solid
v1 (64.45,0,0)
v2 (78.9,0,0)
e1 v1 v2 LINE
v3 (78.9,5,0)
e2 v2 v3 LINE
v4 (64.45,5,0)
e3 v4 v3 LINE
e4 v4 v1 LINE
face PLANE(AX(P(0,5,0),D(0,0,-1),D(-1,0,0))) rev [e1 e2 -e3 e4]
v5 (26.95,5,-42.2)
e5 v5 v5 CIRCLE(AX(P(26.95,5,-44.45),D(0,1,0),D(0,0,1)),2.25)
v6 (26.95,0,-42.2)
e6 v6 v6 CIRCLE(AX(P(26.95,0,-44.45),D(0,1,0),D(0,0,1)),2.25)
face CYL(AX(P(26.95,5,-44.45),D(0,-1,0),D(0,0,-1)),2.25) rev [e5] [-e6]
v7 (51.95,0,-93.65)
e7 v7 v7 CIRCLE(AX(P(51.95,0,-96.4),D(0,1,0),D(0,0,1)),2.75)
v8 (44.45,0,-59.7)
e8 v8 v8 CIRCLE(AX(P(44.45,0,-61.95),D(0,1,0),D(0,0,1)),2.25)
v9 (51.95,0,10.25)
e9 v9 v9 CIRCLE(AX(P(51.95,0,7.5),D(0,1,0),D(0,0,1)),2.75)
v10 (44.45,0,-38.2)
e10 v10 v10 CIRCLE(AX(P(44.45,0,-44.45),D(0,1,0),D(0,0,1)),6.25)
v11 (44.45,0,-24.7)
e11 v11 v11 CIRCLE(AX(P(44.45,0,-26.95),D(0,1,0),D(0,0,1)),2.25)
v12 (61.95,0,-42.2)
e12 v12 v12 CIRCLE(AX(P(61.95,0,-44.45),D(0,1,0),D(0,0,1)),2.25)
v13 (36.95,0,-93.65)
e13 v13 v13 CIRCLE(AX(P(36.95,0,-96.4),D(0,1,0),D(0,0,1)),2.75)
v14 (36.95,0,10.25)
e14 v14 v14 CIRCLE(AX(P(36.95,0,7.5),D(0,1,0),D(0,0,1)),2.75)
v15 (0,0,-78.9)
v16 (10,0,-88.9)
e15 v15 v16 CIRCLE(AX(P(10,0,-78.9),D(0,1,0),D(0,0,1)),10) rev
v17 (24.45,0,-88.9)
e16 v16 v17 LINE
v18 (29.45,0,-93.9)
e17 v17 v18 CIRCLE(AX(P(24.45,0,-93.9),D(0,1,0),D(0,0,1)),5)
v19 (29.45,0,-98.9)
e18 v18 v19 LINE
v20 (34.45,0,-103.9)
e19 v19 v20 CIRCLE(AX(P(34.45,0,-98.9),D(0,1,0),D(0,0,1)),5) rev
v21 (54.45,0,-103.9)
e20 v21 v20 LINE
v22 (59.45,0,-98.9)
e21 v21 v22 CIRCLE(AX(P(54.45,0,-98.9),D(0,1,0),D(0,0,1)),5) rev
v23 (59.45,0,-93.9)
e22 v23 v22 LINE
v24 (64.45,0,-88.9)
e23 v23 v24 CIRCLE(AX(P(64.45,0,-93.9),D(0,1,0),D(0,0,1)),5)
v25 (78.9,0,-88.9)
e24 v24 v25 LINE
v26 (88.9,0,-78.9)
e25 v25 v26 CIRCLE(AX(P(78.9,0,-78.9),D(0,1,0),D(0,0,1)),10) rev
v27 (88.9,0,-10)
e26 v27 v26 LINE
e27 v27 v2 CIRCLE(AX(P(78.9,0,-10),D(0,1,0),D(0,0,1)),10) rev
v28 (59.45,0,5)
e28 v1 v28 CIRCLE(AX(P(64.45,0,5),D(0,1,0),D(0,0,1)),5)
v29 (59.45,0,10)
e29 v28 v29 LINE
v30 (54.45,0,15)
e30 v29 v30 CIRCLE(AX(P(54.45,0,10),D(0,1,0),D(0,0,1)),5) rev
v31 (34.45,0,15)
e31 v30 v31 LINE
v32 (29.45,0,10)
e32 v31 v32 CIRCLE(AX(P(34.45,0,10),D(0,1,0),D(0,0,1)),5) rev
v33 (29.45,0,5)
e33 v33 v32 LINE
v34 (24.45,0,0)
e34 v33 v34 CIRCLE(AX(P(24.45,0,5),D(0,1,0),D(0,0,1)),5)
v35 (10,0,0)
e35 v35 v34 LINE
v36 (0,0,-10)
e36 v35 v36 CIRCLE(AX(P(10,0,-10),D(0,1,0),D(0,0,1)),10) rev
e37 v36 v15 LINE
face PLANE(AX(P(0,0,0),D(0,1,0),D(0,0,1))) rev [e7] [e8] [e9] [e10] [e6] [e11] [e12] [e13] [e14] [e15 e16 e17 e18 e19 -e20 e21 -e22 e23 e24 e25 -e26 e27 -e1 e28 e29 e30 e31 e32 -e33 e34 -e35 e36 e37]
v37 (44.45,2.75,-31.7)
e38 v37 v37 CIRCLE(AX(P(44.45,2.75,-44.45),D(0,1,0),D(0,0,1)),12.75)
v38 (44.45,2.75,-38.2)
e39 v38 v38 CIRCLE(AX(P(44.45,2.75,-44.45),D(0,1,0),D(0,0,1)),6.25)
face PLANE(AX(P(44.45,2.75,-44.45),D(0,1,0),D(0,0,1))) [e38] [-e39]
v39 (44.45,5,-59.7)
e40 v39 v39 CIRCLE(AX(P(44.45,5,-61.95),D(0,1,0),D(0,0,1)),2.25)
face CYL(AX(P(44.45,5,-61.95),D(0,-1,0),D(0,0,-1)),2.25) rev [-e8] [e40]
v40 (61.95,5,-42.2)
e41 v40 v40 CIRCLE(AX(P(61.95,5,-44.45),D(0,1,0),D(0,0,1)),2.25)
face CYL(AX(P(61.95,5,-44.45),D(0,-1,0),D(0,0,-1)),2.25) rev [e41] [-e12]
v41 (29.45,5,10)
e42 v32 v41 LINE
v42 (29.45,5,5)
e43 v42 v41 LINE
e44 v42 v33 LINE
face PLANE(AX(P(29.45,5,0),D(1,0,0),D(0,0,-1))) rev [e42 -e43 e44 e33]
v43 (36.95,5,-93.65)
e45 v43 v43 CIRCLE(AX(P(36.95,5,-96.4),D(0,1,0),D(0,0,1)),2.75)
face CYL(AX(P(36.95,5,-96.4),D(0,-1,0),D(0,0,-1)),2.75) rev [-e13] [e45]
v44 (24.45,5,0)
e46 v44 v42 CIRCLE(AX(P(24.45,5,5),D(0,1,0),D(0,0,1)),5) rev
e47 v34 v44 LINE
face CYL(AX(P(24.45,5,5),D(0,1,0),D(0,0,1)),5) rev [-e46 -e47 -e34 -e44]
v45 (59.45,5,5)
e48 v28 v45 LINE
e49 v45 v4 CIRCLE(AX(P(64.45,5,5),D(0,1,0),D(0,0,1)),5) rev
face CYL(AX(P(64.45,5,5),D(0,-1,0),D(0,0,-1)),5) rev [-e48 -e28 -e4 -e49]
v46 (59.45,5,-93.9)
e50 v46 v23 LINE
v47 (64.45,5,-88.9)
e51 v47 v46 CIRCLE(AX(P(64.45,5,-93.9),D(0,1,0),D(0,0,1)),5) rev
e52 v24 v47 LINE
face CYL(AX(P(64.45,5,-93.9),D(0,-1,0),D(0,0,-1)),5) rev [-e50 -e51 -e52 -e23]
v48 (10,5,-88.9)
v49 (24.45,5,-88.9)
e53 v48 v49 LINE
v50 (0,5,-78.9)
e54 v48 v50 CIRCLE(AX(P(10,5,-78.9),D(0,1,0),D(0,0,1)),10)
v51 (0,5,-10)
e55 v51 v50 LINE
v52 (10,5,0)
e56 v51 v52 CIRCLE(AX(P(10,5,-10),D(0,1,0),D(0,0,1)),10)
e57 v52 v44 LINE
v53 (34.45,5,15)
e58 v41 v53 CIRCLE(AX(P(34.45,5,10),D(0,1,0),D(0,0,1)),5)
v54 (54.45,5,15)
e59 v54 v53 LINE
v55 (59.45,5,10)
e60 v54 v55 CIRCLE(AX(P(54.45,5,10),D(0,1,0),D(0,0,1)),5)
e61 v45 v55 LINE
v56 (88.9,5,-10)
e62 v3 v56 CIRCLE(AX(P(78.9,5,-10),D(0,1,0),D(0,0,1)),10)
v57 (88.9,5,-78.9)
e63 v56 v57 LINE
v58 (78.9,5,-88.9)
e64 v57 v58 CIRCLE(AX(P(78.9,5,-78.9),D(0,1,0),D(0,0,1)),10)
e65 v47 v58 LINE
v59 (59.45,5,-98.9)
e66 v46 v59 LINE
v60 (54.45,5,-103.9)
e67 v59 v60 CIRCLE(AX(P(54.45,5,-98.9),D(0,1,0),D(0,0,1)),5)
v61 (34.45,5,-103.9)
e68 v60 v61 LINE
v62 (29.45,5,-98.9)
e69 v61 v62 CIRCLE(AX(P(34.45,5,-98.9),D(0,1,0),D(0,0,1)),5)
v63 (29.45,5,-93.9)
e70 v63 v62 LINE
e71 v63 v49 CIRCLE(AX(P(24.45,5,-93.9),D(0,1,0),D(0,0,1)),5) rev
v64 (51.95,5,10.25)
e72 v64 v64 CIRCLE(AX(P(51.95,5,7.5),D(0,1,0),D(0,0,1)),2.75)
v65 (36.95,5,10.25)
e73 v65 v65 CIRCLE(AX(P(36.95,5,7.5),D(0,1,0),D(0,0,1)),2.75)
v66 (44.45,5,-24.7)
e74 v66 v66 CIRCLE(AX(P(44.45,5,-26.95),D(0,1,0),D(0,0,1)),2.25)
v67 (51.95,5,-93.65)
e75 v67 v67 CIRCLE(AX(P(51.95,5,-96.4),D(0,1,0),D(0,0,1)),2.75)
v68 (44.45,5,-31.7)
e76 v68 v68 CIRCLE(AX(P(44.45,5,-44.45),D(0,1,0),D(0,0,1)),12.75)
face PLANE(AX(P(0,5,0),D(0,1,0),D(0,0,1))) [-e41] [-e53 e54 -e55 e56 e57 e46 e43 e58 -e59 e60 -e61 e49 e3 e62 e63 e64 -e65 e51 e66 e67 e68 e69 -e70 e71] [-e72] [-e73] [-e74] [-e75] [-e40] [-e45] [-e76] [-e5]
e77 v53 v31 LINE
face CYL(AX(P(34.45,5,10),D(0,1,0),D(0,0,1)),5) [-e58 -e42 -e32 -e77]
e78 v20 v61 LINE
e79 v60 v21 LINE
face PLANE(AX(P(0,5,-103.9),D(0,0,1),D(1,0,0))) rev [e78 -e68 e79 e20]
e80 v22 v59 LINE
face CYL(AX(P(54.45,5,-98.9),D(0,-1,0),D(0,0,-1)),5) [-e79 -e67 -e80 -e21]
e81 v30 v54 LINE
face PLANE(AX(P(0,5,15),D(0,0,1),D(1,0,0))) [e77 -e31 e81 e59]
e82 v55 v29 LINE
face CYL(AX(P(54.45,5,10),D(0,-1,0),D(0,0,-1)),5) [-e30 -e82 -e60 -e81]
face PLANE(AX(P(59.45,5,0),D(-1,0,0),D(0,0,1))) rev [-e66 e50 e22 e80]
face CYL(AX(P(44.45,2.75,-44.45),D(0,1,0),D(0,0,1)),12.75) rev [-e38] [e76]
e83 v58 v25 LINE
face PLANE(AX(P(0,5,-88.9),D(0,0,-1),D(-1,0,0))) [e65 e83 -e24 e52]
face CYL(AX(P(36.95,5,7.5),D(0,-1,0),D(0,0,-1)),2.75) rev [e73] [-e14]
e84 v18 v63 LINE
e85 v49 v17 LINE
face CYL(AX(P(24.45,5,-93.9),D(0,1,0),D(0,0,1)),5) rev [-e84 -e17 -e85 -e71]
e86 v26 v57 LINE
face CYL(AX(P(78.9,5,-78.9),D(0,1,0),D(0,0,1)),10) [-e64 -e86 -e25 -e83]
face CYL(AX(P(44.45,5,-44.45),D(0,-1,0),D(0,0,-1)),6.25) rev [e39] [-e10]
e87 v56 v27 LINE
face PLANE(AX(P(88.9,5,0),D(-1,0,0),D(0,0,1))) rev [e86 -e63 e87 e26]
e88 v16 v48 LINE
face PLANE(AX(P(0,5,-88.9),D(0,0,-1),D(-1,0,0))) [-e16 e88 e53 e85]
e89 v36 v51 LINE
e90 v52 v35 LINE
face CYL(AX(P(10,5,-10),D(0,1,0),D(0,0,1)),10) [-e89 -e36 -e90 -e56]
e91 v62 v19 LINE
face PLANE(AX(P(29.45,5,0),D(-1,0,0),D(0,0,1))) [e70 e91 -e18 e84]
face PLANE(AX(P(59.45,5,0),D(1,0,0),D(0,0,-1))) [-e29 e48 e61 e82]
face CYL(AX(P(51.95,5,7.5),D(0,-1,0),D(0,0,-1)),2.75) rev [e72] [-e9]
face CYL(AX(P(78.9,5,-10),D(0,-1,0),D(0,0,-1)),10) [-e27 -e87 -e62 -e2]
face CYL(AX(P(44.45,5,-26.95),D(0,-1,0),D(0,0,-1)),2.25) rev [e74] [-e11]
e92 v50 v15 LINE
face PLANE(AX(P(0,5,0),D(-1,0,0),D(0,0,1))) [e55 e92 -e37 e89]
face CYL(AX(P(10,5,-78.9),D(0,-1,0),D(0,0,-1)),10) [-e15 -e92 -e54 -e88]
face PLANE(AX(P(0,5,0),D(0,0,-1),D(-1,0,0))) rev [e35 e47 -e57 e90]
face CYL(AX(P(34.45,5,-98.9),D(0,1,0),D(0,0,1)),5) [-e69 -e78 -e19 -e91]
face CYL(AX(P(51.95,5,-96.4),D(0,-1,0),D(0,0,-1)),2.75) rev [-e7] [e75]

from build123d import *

# Parameters (mm, degrees)
SKETCH1_R           = 2.25
SKETCH1_R_2         = 2.75
SKETCH1_R_3         = 6.25
BOSS_EXTRUDE1_DEPTH = 5
FILLET1_R           = 10
FILLET2_R           = 5
SKETCH2_R           = 12.75
CUT_EXTRUDE1_DEPTH  = 2.25


with BuildPart() as part:
    # Sketch1 → Boss-Extrude1 (new body)
    with BuildSketch(Plane(origin=(0, 0, 0), x_dir=(1, 0, 0), z_dir=(0, 1, 0))):
        Polygon((0, 88.9), (0, 0), (29.45, 0), (29.45, -15), (59.45, -15), (59.45, 0), (88.9, 0), (88.9, 88.9), (59.45, 88.9), (59.45, 103.9), (29.45, 103.9), (29.45, 88.9), align=None)
        with Locations(Location((61.95, 44.45, 0), (0, 0, 270))):
            Circle(SKETCH1_R, mode=Mode.SUBTRACT)
        with Locations(Location((44.45, 26.95, 0), (0, 0, 270))):
            Circle(SKETCH1_R, mode=Mode.SUBTRACT)
        with Locations(Location((26.95, 44.45, 0), (0, 0, 270))):
            Circle(SKETCH1_R, mode=Mode.SUBTRACT)
        with Locations(Location((44.45, 61.95, 0), (0, 0, 270))):
            Circle(SKETCH1_R, mode=Mode.SUBTRACT)
        with Locations(Location((36.95, -7.5, 0), (0, 0, 270))):
            Circle(SKETCH1_R_2, mode=Mode.SUBTRACT)
        with Locations(Location((51.95, -7.5, 0), (0, 0, 270))):
            Circle(SKETCH1_R_2, mode=Mode.SUBTRACT)
        with Locations(Location((36.95, 96.4, 0), (0, 0, 270))):
            Circle(SKETCH1_R_2, mode=Mode.SUBTRACT)
        with Locations(Location((51.95, 96.4, 0), (0, 0, 270))):
            Circle(SKETCH1_R_2, mode=Mode.SUBTRACT)
        with Locations(Location((44.45, 44.45, 0), (0, 0, 270))):
            Circle(SKETCH1_R_3, mode=Mode.SUBTRACT)
    extrude(amount=BOSS_EXTRUDE1_DEPTH)

    # Fillet1
    fillet1_edges = [part.edges().sort_by_distance(p)[0] for p in [
        (0, 2.5, 0),
        (0, 2.5, -88.9),
        (88.9, 2.5, -88.9),
        (88.9, 2.5, 0),
    ]]
    fillet(fillet1_edges, radius=FILLET1_R)

    # Fillet2
    fillet2_edges = [part.edges().sort_by_distance(p)[0] for p in [
        (29.45, 2.5, 15),
        (29.45, 2.5, 0),
        (29.45, 2.5, -88.9),
        (29.45, 2.5, -103.9),
        (59.45, 2.5, -103.9),
        (59.45, 2.5, -88.9),
        (59.45, 2.5, 0),
        (59.45, 2.5, 15),
    ]]
    fillet(fillet2_edges, radius=FILLET2_R)

    # Sketch2 → Cut-Extrude1 (cut)
    with BuildSketch(Plane(origin=(0, 5, 0), x_dir=(1, 0, 0), z_dir=(0, 1, 0))):
        with Locations(Location((44.45, 44.45, 0), (0, 0, 270))):
            Circle(SKETCH2_R)
    extrude(amount=-CUT_EXTRUDE1_DEPTH, mode=Mode.SUBTRACT)


solid = part.part
